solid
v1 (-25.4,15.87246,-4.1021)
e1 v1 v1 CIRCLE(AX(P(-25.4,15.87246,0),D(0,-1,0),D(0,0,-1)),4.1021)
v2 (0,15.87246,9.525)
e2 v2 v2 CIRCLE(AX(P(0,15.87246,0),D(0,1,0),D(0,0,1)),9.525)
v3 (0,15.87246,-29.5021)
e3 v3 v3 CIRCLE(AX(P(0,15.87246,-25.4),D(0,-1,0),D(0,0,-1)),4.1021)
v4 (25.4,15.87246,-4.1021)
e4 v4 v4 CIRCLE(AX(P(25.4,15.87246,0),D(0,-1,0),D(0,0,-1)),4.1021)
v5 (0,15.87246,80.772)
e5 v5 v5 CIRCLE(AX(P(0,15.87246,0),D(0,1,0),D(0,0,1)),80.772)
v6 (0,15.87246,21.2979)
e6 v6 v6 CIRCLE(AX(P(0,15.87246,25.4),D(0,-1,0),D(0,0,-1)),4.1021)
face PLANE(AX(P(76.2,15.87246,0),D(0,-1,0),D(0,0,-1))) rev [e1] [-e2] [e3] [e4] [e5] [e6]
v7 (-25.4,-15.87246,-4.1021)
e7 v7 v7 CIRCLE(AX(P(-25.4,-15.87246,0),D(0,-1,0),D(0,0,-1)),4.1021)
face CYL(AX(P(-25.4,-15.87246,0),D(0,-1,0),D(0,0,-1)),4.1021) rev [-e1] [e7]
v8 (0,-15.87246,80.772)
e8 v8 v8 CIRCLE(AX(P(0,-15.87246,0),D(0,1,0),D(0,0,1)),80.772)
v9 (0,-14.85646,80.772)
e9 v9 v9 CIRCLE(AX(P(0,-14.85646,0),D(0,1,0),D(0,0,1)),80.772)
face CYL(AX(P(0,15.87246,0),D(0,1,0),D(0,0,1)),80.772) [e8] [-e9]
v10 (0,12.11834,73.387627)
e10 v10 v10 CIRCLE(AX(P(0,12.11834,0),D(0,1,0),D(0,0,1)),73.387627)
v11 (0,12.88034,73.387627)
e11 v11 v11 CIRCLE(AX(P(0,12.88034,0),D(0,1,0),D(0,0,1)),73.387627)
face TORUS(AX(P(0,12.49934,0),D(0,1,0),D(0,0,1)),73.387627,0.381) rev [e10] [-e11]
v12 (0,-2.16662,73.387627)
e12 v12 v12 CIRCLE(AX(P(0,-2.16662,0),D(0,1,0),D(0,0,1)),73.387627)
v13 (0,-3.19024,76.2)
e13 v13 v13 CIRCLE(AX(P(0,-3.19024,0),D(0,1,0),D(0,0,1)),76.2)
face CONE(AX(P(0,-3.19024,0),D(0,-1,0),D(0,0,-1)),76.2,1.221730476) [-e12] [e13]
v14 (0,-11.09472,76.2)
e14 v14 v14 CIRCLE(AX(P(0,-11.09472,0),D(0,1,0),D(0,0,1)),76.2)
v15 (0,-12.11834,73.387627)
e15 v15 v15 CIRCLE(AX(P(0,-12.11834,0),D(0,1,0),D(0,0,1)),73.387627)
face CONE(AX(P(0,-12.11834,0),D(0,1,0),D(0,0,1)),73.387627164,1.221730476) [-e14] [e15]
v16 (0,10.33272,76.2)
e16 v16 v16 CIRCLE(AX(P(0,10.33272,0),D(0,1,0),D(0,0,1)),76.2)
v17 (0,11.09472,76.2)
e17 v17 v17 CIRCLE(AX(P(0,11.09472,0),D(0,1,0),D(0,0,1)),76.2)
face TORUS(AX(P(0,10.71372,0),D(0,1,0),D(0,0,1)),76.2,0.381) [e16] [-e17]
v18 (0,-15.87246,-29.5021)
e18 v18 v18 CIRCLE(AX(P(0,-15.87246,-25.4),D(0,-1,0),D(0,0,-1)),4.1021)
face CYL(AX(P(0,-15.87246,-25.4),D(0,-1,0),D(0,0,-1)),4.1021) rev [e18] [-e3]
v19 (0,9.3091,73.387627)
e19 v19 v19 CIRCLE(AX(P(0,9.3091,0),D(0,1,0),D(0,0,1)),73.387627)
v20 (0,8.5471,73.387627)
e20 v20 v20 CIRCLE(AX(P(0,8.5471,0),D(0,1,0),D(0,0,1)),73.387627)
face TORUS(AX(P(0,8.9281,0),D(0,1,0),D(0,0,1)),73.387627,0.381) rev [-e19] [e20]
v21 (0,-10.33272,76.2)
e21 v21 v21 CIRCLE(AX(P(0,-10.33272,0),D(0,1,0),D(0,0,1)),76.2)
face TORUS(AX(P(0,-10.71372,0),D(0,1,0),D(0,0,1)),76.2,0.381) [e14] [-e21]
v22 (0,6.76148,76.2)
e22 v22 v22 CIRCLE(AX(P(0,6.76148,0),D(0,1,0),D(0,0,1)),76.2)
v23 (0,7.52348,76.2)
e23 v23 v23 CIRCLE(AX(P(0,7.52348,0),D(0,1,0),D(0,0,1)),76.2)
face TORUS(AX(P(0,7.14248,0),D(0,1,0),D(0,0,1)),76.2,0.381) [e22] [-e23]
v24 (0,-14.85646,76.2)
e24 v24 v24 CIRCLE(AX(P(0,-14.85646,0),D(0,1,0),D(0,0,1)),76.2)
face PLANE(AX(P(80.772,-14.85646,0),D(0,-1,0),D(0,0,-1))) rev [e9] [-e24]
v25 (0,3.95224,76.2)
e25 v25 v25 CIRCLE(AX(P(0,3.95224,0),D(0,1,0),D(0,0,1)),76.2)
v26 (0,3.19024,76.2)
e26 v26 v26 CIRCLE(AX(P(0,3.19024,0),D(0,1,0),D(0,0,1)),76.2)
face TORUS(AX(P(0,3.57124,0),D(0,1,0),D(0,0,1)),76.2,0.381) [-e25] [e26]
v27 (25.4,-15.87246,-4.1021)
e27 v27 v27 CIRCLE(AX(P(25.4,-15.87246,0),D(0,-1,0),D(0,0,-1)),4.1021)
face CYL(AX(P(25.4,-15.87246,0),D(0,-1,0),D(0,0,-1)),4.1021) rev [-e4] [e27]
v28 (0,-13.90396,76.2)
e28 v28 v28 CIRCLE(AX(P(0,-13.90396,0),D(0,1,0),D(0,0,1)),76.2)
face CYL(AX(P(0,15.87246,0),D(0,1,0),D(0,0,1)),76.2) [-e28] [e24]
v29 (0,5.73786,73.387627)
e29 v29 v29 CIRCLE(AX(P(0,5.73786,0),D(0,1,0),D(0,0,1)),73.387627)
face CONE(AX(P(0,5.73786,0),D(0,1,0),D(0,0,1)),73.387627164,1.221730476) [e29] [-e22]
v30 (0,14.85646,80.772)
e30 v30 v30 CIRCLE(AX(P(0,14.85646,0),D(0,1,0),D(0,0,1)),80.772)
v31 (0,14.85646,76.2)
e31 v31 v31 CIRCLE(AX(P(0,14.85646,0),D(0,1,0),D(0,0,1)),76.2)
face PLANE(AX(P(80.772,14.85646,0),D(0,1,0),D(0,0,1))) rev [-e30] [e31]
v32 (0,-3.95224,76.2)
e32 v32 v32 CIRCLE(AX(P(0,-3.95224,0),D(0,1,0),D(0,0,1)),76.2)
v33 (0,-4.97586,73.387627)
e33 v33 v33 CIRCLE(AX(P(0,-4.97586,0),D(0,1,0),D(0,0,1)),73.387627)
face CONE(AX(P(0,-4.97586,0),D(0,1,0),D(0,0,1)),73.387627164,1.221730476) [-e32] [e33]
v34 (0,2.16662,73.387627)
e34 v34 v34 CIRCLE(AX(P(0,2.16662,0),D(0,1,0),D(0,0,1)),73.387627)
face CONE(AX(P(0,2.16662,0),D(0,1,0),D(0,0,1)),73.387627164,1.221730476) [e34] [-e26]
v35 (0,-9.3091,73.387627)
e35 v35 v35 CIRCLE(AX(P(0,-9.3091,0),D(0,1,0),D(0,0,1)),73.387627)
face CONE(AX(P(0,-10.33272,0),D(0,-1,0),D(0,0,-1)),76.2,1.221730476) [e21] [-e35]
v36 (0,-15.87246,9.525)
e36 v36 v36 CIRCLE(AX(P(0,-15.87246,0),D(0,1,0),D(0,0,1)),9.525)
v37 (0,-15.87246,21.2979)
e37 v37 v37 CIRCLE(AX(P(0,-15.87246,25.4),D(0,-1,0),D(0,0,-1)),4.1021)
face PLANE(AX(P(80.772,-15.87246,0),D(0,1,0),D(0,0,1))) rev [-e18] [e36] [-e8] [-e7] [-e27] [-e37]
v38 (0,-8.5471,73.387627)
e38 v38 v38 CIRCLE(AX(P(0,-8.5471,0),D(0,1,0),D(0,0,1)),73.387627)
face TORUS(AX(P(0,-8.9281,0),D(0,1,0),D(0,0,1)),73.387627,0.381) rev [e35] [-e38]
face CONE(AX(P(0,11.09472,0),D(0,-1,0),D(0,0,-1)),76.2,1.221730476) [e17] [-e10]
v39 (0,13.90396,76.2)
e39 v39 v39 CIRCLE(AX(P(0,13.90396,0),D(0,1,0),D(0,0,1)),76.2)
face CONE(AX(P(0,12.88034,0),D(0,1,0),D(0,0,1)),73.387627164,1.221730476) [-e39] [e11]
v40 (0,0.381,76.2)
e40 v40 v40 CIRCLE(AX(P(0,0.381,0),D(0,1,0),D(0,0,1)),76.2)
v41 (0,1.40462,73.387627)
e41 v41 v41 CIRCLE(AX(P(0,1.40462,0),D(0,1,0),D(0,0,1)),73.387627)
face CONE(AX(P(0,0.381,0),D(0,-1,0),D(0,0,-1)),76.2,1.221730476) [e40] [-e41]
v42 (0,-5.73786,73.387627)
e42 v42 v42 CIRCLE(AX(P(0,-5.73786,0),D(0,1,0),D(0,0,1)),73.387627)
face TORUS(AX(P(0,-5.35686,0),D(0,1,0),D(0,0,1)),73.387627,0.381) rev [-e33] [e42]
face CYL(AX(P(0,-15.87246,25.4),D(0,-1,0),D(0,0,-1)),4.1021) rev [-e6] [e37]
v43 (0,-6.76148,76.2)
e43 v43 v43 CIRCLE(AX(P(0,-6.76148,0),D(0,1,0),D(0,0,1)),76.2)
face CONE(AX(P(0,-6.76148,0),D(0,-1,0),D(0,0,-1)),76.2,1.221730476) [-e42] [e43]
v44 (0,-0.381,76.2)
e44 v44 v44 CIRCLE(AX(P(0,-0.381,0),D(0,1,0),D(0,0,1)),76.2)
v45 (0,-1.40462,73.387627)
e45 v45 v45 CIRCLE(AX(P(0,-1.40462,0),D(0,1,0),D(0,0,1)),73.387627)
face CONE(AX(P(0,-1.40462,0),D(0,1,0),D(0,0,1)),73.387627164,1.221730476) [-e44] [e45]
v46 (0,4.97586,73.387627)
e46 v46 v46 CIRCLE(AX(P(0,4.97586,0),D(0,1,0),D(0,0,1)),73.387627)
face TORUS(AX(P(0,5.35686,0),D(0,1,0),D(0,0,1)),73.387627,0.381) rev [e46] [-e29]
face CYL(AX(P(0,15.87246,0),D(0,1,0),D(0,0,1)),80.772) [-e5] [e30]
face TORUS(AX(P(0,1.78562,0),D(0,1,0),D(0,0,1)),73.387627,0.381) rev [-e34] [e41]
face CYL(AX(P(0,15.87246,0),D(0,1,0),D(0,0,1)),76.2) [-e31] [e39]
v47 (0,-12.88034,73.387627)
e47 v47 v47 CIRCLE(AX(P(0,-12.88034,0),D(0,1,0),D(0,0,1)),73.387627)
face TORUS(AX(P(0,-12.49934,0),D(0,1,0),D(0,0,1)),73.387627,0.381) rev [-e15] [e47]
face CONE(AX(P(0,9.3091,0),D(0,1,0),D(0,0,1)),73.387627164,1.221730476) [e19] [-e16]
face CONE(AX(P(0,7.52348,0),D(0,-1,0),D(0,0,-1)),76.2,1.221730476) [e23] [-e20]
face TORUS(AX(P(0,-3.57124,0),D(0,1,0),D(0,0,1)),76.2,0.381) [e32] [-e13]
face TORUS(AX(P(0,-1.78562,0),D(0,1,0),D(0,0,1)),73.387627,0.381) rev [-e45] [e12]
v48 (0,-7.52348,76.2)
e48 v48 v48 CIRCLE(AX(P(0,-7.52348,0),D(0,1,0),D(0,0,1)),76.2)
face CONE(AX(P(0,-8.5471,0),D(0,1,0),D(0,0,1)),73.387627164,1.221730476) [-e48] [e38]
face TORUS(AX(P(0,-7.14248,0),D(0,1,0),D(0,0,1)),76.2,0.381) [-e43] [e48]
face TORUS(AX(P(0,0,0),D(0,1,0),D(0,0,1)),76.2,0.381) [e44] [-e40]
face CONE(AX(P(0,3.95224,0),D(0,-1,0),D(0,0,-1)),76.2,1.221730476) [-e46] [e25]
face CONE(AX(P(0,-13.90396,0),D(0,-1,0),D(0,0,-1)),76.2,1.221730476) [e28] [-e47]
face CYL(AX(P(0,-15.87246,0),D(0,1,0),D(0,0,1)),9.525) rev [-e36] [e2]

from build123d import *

# Parameters (mm, degrees)
SKETCH2_R                = 9.525
CUT_EXTRUDE1_DEPTH       = 32.74492
F_5_16_CLEARANCE_HOLE1_D = 8.2042
CIRPATTERN1_COUNT        = 4


with BuildPart() as part:
    # Sketch1 → Revolve1 (revolve)
    with BuildSketch(Plane.XY):
        with BuildLine():
            Line((76.2, 13.90396), (76.2, 14.85646))
            Line((76.2, 14.85646), (80.772, 14.85646))
            Line((80.772, 14.85646), (80.772, 15.87246))
            Line((80.772, 15.87246), (76.2, 15.87246))
            Line((76.2, 15.87246), (0, 15.87246))
            Line((0, 15.87246), (0, -15.87246))
            Line((0, -15.87246), (76.2, -15.87246))
            Line((76.2, -15.87246), (80.772, -15.87246))
            Line((80.772, -15.87246), (80.772, -14.85646))
            Line((80.772, -14.85646), (76.2, -14.85646))
            Line((76.2, -14.85646), (76.2, -13.90396))
            Line((76.2, -13.90396), (73.387627164, -12.88034))
            ThreePointArc((73.387627164, -12.88034), (73.006627164, -12.49934), (73.387627164, -12.11834))
            Line((73.387627164, -12.11834), (76.2, -11.09472))
            ThreePointArc((76.2, -11.09472), (76.581, -10.71372), (76.2, -10.33272))
            Line((76.2, -10.33272), (73.387627164, -9.3091))
            ThreePointArc((73.387627164, -9.3091), (73.006627164, -8.9281), (73.387627164, -8.5471))
            Line((73.387627164, -8.5471), (76.2, -7.52348))
            ThreePointArc((76.2, -7.52348), (76.581, -7.14248), (76.2, -6.76148))
            Line((76.2, -6.76148), (73.387627164, -5.73786))
            ThreePointArc((73.387627164, -5.73786), (73.006627164, -5.35686), (73.387627164, -4.97586))
            Line((73.387627164, -4.97586), (76.2, -3.95224))
            ThreePointArc((76.2, -3.95224), (76.581, -3.57124), (76.2, -3.19024))
            Line((76.2, -3.19024), (73.387627164, -2.16662))
            ThreePointArc((73.387627164, -2.16662), (73.006627164, -1.78562), (73.387627164, -1.40462))
            Line((73.387627164, -1.40462), (76.2, -0.381))
            ThreePointArc((76.2, -0.381), (76.581, 0), (76.2, 0.381))
            Line((76.2, 0.381), (73.387627164, 1.40462))
            ThreePointArc((73.387627164, 1.40462), (73.006627164, 1.78562), (73.387627164, 2.16662))
            Line((73.387627164, 2.16662), (76.2, 3.19024))
            ThreePointArc((76.2, 3.19024), (76.581, 3.57124), (76.2, 3.95224))
            Line((76.2, 3.95224), (73.387627164, 4.97586))
            ThreePointArc((73.387627164, 4.97586), (73.006627164, 5.35686), (73.387627164, 5.73786))
            Line((73.387627164, 5.73786), (76.2, 6.76148))
            ThreePointArc((76.2, 6.76148), (76.581, 7.14248), (76.2, 7.52348))
            Line((76.2, 7.52348), (73.387627164, 8.5471))
            ThreePointArc((73.387627164, 8.5471), (73.006627164, 8.9281), (73.387627164, 9.3091))
            Line((73.387627164, 9.3091), (76.2, 10.33272))
            ThreePointArc((76.2, 10.33272), (76.581, 10.71372), (76.2, 11.09472))
            Line((76.2, 11.09472), (73.387627164, 12.11834))
            ThreePointArc((73.387627164, 12.11834), (73.006627164, 12.49934), (73.387627164, 12.88034))
            Line((73.387627164, 12.88034), (76.2, 13.90396))
        make_face()
    revolve(axis=Axis((0, 15.87246, 0), (0, -1, 0)))

    # Sketch2 → Cut-Extrude1 (cut, through all)
    with BuildSketch(Plane(origin=(0, 15.87246, 0), x_dir=(1, 0, 0), z_dir=(0, 1, 0))):
        Circle(SKETCH2_R)
    extrude(amount=-CUT_EXTRUDE1_DEPTH, mode=Mode.SUBTRACT)

    # 5/16 Clearance Hole1 (through all)
    with Locations(Plane.XZ.offset(15.87246)):
        with Locations((0, -25.4)):
            f_5_16_clearance_hole1 = Hole(F_5_16_CLEARANCE_HOLE1_D / 2)

    # CirPattern1: 5/16 Clearance Hole1 ×4 about axis
    cirpattern1_axis = Axis((0, 0, 0), (0, 1, 0))
    for i in range(1, CIRPATTERN1_COUNT):
        add(f_5_16_clearance_hole1.rotate(cirpattern1_axis, i * 360 / CIRPATTERN1_COUNT), mode=Mode.SUBTRACT)


solid = part.part
